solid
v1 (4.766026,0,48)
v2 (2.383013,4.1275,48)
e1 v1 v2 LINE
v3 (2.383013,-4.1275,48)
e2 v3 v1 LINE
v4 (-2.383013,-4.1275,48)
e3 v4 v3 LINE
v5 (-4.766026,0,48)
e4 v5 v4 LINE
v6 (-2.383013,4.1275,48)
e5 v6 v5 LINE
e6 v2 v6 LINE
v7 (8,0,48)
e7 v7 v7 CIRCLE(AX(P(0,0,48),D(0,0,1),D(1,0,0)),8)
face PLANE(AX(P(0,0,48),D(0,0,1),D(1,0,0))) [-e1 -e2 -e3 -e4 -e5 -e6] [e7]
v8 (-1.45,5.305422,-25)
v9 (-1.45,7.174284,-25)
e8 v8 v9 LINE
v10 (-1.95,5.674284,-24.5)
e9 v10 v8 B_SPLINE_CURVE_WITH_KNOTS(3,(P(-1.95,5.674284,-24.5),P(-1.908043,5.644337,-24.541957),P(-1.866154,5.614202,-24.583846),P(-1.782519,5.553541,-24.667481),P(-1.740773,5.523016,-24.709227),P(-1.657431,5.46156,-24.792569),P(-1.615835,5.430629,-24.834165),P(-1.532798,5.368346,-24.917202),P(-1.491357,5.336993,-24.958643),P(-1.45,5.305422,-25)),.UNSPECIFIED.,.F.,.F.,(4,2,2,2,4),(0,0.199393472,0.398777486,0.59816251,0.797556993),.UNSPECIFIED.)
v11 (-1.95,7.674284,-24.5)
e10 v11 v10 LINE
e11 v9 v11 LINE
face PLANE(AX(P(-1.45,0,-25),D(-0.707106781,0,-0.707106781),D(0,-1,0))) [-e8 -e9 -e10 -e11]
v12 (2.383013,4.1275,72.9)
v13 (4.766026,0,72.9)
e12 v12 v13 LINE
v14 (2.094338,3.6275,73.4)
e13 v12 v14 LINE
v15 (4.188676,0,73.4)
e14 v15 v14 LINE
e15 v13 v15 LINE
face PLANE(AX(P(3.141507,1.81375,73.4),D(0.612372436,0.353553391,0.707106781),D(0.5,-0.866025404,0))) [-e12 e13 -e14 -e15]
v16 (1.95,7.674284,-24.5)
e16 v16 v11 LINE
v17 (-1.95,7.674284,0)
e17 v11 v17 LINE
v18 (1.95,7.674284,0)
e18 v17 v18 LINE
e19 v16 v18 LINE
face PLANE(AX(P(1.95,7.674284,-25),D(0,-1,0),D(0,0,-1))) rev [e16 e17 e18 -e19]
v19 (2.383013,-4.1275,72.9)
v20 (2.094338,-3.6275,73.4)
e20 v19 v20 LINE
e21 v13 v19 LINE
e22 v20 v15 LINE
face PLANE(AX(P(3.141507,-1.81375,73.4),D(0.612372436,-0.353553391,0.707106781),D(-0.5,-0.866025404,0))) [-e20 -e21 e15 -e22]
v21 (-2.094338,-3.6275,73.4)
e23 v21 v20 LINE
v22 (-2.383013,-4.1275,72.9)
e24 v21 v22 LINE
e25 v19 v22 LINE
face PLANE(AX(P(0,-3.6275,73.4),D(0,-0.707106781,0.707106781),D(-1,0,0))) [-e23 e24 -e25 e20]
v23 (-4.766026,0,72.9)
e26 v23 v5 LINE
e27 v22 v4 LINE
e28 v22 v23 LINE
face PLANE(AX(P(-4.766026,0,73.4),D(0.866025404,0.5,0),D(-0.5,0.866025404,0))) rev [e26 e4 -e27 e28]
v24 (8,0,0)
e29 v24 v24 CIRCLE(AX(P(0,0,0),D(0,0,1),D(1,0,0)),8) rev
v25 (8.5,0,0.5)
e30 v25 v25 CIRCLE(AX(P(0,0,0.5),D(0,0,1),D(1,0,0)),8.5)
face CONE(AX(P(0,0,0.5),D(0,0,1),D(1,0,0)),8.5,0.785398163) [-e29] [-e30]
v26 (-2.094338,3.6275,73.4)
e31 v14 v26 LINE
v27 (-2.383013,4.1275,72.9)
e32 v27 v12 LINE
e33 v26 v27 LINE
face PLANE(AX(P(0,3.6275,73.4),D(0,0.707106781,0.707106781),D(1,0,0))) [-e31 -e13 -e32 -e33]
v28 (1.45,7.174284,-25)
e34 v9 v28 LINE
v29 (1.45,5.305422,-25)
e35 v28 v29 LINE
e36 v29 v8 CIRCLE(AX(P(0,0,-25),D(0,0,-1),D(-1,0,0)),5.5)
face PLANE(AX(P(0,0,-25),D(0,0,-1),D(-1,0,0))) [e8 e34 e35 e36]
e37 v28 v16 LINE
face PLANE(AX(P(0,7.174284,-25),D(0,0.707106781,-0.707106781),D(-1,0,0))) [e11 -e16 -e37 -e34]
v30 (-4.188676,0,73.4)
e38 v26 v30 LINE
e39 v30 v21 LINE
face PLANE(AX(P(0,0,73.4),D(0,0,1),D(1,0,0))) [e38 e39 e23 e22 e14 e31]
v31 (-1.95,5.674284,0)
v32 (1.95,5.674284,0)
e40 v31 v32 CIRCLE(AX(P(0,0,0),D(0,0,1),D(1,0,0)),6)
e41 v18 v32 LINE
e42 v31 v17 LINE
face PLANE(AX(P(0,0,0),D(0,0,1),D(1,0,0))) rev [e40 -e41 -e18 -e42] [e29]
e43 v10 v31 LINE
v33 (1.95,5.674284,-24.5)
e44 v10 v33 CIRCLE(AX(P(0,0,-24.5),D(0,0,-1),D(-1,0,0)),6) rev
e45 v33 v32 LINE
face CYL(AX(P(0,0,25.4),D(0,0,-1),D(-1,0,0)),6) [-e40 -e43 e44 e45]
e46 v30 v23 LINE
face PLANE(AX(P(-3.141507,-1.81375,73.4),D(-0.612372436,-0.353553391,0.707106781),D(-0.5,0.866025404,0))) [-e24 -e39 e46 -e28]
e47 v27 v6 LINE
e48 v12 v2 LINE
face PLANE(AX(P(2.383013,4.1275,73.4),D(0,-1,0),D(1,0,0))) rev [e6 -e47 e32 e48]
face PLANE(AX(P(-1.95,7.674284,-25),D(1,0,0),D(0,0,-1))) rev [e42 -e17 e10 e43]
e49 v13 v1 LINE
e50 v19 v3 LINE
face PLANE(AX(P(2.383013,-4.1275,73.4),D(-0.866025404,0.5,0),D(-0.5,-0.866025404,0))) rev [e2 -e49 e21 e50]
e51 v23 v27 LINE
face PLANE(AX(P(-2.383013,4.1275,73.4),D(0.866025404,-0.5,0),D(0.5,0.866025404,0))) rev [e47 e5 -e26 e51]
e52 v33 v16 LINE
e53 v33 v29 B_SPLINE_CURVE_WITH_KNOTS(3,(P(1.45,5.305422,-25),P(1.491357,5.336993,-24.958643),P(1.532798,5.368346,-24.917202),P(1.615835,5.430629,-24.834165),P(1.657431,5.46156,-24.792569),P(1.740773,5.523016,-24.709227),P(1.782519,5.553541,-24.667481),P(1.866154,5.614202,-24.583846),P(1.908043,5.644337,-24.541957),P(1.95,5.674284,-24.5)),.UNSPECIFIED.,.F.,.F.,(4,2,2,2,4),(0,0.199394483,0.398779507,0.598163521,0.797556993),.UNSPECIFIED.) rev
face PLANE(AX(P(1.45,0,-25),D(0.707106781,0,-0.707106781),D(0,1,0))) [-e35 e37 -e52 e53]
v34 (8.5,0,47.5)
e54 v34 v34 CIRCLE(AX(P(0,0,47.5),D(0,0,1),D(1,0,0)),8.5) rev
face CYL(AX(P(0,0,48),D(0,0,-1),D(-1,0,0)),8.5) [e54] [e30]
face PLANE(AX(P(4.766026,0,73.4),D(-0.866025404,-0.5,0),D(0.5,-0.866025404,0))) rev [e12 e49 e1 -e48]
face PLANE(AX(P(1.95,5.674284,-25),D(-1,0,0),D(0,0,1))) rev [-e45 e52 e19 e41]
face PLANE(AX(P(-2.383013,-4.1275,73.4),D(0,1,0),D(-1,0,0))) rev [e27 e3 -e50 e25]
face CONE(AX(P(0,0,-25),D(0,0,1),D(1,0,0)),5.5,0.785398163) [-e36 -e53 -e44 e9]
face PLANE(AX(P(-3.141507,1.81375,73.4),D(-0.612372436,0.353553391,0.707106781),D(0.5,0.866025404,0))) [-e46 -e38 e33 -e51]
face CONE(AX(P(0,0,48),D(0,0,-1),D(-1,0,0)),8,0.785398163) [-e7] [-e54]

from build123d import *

# Parameters (mm, degrees)
SKETCH2_R           = 6
BOSS_EXTRUDE1_DEPTH = 25.4
BOSS_EXTRUDE2_START = 25
BOSS_EXTRUDE2_DEPTH = 25
SKETCH4_R           = 8.5
BOSS_EXTRUDE3_DEPTH = 48
BOSS_EXTRUDE4_DEPTH = 25.4
CHAMFER1_SIZE       = 0.5


with BuildPart() as part:
    # Sketch2 → Boss-Extrude1 (new body)
    with BuildSketch(Plane.XY):
        Circle(SKETCH2_R)
    extrude(amount=BOSS_EXTRUDE1_DEPTH)

    # Sketch3 → Boss-Extrude2 (add)
    with BuildSketch(Plane(origin=(0, 0, 0), x_dir=(-1, 0, 0), z_dir=(0, 0, -1)).offset(BOSS_EXTRUDE2_START)):
        with BuildLine():
            Line((-1.95, 5.674284096), (-1.95, 7.674284096))
            Line((-1.95, 7.674284096), (1.95, 7.674284096))
            Line((1.95, 7.674284096), (1.95, 5.674284096))
            ThreePointArc((1.95, 5.674284096), (0, -6), (-1.95, 5.674284096))
        make_face()
    extrude(amount=-BOSS_EXTRUDE2_DEPTH)

    # Sketch4 → Boss-Extrude3 (add)
    with BuildSketch(Plane.XY):
        Circle(SKETCH4_R)
    extrude(amount=BOSS_EXTRUDE3_DEPTH)

    # Sketch5 → Boss-Extrude4 (add)
    with BuildSketch(Plane.XY.offset(48)):
        Polygon((4.766026472, 0), (2.383013236, 4.1275), (-2.383013236, 4.1275), (-4.766026472, 0), (-2.383013236, -4.1275), (2.383013236, -4.1275), align=None)
    extrude(amount=BOSS_EXTRUDE4_DEPTH)

    # Chamfer1
    chamfer1_edges = [part.edges().sort_by_distance(p)[0] for p in [
        (-8.5, 0, 0),
        (-8.5, 0, 48),
        (3.574519854, -2.06375, 73.4),
        (3.574519854, 2.06375, 73.4),
        (0, 4.1275, 73.4),
        (-3.574519854, 2.06375, 73.4),
        (-3.574519854, -2.06375, 73.4),
        (0, -4.1275, 73.4),
        (0, -6, -25),
        (-1.95, 6.674284096, -25),
        (0, 7.674284096, -25),
        (1.95, 6.674284096, -25),
    ]]
    chamfer(chamfer1_edges, length=CHAMFER1_SIZE)


solid = part.part
